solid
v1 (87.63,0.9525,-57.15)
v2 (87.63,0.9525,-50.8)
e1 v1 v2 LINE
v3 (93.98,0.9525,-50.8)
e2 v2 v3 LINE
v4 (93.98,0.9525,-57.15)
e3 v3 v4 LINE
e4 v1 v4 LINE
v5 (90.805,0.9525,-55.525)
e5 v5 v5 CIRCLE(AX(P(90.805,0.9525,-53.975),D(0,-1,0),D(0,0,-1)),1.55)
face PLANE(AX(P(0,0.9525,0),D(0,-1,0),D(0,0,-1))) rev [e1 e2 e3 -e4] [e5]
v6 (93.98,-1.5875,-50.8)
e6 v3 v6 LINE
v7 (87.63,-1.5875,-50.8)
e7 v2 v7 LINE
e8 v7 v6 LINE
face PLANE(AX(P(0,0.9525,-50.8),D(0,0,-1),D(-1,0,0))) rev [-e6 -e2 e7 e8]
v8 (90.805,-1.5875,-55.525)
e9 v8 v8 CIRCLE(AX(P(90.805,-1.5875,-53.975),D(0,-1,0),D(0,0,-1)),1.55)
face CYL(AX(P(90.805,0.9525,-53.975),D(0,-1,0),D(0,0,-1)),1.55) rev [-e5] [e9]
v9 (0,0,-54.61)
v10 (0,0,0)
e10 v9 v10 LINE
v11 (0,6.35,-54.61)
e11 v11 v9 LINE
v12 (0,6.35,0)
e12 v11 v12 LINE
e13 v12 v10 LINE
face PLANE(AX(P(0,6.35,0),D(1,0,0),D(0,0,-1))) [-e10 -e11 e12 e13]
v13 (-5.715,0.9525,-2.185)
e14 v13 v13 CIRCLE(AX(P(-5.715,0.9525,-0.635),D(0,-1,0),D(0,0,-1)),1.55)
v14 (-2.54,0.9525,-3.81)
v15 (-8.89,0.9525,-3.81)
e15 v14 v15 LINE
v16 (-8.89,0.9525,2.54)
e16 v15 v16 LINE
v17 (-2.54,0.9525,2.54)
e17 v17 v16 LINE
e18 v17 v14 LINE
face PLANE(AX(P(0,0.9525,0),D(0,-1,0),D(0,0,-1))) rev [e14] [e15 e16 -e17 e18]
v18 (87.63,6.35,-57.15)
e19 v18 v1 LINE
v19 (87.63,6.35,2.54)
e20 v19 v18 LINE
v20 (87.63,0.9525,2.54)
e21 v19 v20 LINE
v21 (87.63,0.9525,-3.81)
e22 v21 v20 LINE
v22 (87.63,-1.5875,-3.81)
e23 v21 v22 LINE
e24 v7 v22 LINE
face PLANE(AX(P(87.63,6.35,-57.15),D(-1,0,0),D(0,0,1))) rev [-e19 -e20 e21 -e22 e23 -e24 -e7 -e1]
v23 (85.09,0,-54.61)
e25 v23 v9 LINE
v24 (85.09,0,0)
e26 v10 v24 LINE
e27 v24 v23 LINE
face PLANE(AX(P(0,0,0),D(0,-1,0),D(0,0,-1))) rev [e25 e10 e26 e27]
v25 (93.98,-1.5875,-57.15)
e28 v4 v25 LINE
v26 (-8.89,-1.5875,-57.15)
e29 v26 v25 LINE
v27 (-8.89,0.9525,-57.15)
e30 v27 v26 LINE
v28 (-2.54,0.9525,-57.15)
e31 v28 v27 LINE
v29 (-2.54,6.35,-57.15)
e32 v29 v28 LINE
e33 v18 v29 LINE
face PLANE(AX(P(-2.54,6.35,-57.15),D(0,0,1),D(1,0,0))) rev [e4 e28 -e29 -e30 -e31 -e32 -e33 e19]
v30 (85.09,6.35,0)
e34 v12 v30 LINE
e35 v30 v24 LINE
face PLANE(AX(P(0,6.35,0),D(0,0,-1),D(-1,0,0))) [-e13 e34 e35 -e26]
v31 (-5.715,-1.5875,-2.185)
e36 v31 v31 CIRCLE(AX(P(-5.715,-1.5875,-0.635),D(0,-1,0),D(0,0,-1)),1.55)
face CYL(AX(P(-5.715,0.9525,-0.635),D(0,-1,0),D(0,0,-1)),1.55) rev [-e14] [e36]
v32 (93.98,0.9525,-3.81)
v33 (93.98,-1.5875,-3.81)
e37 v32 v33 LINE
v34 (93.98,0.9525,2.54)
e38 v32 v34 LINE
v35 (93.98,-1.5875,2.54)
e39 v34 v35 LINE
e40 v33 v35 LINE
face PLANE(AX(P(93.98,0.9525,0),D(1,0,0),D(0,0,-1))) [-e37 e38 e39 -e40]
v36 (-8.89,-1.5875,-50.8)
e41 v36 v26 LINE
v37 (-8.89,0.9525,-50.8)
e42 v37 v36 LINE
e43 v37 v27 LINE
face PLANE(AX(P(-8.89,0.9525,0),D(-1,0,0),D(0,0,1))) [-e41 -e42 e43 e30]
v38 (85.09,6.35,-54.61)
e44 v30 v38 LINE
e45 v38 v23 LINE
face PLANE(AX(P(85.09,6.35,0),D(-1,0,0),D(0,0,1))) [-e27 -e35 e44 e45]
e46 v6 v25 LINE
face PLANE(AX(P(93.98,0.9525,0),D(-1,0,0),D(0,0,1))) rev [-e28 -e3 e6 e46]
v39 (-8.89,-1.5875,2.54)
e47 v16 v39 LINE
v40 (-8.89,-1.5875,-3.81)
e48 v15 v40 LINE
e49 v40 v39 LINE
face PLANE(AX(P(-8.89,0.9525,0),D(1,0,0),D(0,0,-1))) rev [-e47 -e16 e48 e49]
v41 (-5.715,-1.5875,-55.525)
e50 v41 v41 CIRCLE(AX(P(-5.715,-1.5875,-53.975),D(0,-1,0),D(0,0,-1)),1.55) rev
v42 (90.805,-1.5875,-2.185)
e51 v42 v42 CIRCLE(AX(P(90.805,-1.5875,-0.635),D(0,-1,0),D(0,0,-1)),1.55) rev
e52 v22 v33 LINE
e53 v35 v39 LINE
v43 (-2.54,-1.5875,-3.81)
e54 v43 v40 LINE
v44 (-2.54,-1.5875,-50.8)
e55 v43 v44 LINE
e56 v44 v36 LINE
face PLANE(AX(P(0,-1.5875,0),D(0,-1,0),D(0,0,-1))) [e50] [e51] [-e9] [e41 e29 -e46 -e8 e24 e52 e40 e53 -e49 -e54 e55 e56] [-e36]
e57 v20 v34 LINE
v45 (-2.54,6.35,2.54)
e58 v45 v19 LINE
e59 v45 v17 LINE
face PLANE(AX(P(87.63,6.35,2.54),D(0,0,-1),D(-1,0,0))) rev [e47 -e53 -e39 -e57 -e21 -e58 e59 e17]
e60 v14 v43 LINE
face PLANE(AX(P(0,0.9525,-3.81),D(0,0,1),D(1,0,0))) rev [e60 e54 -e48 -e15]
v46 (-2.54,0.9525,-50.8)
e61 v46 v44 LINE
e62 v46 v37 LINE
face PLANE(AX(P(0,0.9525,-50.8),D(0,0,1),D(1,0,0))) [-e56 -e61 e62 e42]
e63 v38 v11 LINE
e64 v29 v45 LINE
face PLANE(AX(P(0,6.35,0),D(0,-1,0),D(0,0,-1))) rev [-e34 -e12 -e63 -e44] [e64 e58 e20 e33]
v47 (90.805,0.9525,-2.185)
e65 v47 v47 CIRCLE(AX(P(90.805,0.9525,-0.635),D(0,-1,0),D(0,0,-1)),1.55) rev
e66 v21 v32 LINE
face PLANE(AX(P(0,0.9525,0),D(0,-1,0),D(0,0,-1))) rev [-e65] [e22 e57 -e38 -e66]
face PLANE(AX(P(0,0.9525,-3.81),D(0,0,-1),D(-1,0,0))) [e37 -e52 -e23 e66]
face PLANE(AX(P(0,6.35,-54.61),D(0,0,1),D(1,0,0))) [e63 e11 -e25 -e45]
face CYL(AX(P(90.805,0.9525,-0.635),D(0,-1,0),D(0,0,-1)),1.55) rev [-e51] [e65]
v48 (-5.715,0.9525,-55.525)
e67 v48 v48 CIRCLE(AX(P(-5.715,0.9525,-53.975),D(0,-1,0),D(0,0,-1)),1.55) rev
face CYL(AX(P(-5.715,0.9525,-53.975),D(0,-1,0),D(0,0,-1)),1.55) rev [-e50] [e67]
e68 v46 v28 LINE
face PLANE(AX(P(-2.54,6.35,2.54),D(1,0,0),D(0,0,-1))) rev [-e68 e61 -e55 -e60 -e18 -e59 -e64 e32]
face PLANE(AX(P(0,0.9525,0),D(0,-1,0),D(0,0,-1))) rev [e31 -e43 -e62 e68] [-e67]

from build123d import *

# Parameters (mm, degrees)
SKETCH1_W           = 90.17
SKETCH1_H           = 59.69
SKETCH1_W_2         = 85.09
SKETCH1_H_2         = 54.61
BOSS_EXTRUDE1_DEPTH = 6.35
SKETCH2_W           = 90.17
SKETCH2_H           = 59.69
BOSS_EXTRUDE2_DEPTH = 1.5875
SKETCH3_W           = 6.35
SKETCH3_H           = 6.35
SKETCH3_R           = 1.55
BOSS_EXTRUDE3_DEPTH = 2.54


with BuildPart() as part:
    # Sketch1 → Boss-Extrude1 (new body)
    with BuildSketch(Plane(origin=(0, 0, 0), x_dir=(1, 0, 0), z_dir=(0, 1, 0))):
        with Locations((42.545, 27.305)):
            Rectangle(SKETCH1_W, SKETCH1_H)
        with Locations((42.545, 27.305)):
            Rectangle(SKETCH1_W_2, SKETCH1_H_2, mode=Mode.SUBTRACT)
    extrude(amount=BOSS_EXTRUDE1_DEPTH)

    # Sketch2 → Boss-Extrude2 (add)
    with BuildSketch(Plane.XZ):
        with Locations((42.545, -27.305)):
            Rectangle(SKETCH2_W, SKETCH2_H)
    extrude(amount=BOSS_EXTRUDE2_DEPTH)

    # Sketch3 → Boss-Extrude3 (add)
    # profile 1 of 4: a face of its own
    with BuildSketch(Plane.XZ.offset(1.5875)):
        with Locations((90.805, -0.635)):
            Rectangle(SKETCH3_W, SKETCH3_H)
        with Locations(Location((90.805, -0.635, 0), (0, 0, 270))):
            Circle(SKETCH3_R, mode=Mode.SUBTRACT)
    # profile 2 of 4: a face of its own
    with BuildSketch(Plane.XZ.offset(1.5875)):
        with Locations((-5.715, -0.635)):
            Rectangle(SKETCH3_W, SKETCH3_H)
        with Locations(Location((-5.715, -0.635, 0), (0, 0, 270))):
            Circle(SKETCH3_R, mode=Mode.SUBTRACT)
    # profile 3 of 4: a face of its own
    with BuildSketch(Plane.XZ.offset(1.5875)):
        with Locations((-5.715, -53.975)):
            Rectangle(SKETCH3_W, SKETCH3_H)
        with Locations(Location((-5.715, -53.975, 0), (0, 0, 270))):
            Circle(SKETCH3_R, mode=Mode.SUBTRACT)
    # profile 4 of 4: a face of its own
    with BuildSketch(Plane.XZ.offset(1.5875)):
        with Locations((90.805, -53.975)):
            Rectangle(SKETCH3_W, SKETCH3_H)
        with Locations(Location((90.805, -53.975, 0), (0, 0, 270))):
            Circle(SKETCH3_R, mode=Mode.SUBTRACT)
    extrude(amount=-BOSS_EXTRUDE3_DEPTH)


solid = part.part
